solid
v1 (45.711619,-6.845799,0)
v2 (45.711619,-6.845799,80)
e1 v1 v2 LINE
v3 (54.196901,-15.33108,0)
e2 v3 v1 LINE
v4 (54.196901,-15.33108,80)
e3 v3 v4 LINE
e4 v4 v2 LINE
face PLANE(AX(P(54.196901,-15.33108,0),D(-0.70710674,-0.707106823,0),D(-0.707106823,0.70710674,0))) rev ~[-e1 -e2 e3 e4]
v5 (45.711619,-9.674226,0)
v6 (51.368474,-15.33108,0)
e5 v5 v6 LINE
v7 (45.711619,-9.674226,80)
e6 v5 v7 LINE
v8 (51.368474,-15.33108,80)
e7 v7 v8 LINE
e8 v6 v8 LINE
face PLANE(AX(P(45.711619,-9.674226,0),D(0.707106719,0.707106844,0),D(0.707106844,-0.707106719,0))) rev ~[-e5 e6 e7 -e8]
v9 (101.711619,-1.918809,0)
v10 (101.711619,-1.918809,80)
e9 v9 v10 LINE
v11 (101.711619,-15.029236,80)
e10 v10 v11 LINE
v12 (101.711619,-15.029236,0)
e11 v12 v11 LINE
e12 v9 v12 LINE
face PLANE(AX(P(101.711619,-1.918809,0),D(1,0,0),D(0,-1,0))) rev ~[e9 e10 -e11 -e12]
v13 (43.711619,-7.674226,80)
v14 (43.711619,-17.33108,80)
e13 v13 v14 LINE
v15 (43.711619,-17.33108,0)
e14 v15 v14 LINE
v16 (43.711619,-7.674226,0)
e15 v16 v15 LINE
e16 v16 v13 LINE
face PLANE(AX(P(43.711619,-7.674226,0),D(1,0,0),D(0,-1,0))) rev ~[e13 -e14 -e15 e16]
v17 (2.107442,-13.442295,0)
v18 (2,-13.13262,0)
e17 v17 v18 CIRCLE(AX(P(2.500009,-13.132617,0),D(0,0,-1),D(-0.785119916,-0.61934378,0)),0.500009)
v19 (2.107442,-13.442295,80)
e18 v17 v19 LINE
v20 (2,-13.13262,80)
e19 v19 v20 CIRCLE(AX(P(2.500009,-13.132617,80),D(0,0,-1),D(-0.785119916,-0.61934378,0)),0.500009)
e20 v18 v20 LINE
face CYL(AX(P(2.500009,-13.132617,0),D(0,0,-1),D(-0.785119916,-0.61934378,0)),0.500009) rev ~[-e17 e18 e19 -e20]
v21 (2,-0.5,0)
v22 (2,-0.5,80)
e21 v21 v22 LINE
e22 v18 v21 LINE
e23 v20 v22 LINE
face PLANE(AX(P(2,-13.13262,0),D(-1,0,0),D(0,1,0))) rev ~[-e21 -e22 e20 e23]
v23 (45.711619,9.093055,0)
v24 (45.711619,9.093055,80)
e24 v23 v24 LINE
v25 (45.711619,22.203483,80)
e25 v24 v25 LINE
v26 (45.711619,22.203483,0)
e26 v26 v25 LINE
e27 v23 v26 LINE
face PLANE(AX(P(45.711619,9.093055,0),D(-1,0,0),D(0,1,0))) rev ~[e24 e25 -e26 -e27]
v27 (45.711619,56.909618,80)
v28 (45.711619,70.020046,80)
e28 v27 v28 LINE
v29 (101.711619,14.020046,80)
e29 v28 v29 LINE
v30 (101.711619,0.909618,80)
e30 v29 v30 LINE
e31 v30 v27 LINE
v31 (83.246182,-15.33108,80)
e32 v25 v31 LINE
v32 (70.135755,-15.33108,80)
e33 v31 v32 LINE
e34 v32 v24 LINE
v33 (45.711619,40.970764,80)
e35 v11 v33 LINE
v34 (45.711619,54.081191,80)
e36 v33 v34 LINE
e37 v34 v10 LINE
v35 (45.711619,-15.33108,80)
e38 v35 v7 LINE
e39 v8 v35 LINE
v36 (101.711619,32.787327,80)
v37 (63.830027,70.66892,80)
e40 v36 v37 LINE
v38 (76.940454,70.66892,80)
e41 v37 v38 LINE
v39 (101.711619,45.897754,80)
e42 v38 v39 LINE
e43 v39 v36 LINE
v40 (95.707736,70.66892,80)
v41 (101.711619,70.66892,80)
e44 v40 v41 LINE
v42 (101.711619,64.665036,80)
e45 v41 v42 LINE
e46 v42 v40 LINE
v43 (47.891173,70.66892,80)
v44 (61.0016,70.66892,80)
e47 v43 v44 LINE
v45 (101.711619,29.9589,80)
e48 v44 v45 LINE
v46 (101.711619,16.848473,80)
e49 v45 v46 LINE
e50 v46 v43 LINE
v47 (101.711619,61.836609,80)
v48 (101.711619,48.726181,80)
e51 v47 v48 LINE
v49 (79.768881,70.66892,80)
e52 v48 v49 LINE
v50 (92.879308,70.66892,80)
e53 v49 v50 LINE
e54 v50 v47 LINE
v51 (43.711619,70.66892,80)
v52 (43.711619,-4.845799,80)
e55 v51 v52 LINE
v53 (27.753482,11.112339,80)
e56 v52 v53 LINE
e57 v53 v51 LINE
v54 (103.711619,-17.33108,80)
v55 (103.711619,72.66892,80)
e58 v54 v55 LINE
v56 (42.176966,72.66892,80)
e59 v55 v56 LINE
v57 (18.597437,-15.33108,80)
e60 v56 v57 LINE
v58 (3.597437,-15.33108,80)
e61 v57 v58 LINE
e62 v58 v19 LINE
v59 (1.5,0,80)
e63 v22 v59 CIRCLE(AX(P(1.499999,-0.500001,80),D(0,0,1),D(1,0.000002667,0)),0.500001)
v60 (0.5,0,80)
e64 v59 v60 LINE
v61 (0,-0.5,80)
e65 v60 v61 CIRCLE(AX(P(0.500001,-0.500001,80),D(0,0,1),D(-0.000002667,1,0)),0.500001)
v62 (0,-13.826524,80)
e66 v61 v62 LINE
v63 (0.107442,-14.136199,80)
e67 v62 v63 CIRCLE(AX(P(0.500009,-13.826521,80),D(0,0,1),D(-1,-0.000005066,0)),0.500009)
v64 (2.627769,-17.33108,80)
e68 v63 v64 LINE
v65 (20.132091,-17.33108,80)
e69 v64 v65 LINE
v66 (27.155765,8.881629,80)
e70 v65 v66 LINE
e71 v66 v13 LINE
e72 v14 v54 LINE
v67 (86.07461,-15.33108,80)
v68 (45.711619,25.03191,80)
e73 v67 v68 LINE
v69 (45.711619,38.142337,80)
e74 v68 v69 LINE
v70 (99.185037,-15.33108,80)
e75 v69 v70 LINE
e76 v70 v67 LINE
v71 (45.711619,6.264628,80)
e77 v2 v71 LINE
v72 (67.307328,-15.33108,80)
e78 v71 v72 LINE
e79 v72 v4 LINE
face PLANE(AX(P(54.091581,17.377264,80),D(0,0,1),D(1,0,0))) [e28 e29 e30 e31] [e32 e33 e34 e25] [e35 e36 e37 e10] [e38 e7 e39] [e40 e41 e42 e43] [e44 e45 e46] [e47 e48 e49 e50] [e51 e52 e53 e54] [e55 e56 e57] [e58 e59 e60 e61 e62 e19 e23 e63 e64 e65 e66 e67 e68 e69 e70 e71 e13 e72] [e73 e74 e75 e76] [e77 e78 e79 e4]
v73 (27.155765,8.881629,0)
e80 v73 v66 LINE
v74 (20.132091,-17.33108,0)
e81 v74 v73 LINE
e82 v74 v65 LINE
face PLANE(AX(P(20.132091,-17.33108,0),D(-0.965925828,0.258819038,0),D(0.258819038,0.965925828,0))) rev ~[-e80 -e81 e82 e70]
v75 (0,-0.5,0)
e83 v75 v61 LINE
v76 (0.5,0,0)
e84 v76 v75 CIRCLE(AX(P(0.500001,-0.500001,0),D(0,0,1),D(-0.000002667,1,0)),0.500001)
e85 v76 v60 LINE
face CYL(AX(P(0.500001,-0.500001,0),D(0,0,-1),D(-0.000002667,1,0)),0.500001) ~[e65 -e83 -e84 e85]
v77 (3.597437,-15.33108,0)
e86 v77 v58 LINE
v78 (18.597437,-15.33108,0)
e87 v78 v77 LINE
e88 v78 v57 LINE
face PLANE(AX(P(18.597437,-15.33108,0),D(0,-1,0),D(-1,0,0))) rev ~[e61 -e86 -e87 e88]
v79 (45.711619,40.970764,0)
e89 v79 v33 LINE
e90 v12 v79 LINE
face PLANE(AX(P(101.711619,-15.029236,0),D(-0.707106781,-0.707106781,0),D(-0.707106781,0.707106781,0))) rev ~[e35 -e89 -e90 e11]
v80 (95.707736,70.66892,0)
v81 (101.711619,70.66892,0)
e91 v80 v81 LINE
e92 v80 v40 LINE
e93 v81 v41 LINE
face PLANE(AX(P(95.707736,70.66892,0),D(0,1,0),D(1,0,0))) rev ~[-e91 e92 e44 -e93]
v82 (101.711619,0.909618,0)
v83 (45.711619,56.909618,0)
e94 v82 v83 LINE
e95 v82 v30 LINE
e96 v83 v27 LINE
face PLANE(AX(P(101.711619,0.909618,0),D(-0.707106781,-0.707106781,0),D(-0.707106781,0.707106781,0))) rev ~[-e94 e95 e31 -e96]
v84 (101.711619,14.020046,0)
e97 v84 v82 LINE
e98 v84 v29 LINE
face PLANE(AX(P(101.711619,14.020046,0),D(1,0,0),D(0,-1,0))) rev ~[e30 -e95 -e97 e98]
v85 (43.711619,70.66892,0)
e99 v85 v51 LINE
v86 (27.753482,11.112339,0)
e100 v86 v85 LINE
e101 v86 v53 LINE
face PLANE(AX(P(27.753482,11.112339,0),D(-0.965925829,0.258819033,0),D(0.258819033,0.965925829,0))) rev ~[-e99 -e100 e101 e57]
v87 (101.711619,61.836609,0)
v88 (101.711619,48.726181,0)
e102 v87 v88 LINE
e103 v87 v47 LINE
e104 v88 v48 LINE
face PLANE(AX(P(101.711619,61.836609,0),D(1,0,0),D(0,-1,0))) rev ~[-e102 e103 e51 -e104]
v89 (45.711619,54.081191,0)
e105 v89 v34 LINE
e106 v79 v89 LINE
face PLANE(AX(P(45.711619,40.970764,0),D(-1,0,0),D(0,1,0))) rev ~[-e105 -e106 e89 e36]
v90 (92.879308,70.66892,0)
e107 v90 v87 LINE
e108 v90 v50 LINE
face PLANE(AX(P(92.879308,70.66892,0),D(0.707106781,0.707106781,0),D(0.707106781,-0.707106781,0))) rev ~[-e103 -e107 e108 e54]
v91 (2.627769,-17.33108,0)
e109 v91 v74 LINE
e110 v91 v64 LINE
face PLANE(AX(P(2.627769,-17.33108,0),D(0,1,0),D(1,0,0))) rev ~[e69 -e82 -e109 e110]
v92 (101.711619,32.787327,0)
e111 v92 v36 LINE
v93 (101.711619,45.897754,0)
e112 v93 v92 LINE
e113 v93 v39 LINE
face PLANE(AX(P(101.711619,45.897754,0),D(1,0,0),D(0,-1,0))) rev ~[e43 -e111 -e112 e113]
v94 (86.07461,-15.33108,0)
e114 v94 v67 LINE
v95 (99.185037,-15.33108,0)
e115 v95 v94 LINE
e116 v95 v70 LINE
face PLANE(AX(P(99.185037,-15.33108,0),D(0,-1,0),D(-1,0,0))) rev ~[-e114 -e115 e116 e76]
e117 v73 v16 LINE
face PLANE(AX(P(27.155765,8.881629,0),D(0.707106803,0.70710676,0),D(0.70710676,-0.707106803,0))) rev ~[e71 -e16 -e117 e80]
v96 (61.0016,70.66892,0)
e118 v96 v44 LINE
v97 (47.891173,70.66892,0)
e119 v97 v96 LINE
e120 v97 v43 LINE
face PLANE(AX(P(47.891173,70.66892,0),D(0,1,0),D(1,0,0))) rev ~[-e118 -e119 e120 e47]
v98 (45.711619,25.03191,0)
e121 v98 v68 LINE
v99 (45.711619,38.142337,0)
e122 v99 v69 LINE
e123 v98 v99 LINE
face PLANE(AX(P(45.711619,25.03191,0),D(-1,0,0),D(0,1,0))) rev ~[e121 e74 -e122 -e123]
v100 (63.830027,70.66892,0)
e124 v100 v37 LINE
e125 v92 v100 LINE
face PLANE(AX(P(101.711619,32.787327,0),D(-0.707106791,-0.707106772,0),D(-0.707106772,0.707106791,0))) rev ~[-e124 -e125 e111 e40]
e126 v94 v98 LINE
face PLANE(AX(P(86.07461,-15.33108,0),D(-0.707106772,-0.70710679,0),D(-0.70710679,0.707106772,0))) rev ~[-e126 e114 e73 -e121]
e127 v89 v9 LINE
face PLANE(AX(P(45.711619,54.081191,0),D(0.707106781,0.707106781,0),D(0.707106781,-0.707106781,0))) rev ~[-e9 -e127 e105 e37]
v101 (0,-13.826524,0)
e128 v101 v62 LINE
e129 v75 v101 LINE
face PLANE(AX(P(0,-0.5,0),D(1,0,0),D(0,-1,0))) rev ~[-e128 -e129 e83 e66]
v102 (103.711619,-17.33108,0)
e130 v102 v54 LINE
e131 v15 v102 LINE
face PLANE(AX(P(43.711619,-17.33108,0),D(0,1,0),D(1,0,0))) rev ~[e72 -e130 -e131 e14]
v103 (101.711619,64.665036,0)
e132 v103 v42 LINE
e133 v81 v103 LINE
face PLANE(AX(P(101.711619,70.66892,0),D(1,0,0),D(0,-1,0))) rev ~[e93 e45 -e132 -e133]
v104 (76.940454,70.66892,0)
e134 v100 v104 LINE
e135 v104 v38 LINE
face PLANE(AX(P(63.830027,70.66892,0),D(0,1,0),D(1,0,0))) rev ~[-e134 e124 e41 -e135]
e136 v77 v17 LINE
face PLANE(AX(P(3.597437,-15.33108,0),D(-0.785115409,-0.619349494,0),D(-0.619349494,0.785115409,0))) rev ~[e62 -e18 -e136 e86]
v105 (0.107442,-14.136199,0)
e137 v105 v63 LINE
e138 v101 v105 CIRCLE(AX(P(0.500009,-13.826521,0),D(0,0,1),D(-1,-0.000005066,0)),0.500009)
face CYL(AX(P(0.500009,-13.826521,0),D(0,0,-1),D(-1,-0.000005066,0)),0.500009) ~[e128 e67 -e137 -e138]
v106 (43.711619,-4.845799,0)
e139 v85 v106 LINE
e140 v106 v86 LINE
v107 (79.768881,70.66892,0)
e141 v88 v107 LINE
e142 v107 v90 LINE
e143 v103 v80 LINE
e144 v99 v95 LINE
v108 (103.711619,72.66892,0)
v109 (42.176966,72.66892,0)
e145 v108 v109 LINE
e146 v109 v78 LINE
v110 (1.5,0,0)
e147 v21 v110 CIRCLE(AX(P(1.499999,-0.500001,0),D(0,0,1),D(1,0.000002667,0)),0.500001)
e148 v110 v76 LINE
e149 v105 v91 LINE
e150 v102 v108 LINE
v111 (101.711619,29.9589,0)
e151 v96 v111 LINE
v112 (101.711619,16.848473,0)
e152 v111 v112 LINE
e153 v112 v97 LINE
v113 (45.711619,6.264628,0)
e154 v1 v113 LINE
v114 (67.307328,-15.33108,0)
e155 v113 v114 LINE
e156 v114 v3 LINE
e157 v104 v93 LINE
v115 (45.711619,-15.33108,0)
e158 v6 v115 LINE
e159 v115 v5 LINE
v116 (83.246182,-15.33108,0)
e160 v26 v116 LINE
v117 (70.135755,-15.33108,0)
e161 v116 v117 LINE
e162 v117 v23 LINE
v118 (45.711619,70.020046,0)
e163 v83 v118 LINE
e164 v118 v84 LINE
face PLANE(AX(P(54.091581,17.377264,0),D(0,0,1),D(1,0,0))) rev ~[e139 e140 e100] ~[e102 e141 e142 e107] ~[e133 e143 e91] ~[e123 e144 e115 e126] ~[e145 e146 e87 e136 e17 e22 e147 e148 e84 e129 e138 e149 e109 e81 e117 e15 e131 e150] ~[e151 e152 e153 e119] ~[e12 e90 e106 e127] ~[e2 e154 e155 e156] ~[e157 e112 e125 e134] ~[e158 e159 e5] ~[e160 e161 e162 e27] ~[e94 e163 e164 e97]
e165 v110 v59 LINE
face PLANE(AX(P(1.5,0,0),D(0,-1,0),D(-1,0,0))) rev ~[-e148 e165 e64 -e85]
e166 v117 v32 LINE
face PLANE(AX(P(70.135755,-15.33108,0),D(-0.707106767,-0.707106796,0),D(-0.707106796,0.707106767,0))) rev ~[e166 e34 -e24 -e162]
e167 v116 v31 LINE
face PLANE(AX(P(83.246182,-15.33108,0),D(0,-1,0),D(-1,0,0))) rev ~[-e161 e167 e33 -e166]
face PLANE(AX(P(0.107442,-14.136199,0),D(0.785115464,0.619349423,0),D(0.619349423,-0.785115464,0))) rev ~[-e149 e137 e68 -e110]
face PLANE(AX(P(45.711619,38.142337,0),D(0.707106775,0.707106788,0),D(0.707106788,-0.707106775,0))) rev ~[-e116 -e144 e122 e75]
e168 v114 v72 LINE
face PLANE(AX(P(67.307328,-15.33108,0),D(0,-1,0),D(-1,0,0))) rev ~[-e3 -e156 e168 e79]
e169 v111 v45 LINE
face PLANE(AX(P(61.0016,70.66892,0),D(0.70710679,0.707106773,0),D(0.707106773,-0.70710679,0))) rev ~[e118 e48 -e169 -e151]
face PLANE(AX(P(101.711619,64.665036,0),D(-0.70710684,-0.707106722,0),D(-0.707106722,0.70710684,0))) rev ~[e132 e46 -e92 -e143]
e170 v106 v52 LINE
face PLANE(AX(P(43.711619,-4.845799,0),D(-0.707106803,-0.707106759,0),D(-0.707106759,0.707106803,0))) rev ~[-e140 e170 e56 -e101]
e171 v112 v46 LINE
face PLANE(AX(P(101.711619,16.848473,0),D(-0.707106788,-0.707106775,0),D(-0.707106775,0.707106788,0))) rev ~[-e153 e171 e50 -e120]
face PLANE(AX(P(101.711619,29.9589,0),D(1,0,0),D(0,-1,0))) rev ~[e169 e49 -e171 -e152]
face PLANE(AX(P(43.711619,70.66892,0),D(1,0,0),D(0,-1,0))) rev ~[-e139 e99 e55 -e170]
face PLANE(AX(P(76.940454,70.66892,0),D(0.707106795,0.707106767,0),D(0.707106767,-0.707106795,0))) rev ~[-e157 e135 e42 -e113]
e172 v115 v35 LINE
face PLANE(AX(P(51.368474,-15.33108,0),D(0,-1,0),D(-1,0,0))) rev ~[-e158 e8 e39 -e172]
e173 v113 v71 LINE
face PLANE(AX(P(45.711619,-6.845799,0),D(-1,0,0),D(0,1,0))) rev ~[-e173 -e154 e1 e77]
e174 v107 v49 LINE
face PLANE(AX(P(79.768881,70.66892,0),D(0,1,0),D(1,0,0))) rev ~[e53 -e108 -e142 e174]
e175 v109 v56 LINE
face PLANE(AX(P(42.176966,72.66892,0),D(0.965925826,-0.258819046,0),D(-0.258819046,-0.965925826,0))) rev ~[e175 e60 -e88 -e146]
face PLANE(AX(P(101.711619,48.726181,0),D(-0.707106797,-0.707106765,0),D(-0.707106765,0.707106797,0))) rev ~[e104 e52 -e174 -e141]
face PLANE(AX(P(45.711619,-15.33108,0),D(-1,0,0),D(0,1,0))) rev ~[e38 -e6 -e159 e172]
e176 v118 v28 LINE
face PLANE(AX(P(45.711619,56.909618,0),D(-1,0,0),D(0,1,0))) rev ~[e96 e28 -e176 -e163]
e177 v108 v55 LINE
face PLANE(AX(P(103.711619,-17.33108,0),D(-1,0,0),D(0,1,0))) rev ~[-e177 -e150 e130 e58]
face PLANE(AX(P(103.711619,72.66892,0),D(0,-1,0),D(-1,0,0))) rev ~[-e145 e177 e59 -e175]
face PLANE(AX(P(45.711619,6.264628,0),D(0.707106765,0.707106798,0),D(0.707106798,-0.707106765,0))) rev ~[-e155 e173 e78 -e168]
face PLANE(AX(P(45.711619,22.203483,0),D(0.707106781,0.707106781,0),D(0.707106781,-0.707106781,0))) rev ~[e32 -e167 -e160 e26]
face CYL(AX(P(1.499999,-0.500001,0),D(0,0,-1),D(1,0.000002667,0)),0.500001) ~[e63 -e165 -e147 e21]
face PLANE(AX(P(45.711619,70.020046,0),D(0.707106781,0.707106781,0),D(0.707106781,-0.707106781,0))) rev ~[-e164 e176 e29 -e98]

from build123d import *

# Parameters (mm, degrees)
F1_DEPTH = 80


with BuildPart() as f1:
    # F0 (on Top) → F1 (new body)
    with BuildSketch(Plane.XY):
        with BuildLine():
            ThreePointArc((0.5, 0), (0.146447, -0.146447), (0, -0.5))
            Line((0, -0.5), (0, -13.826524))
            ThreePointArc((0, -13.826524), (0.027624, -13.990416), (0.107442, -14.136199))
            Line((0.107442, -14.136199), (2.627769, -17.33108))
            Line((2.627769, -17.33108), (20.132091, -17.33108))
            Line((20.132091, -17.33108), (27.155765, 8.881629))
            Line((27.155765, 8.881629), (43.711619, -7.674226))
            Line((43.711619, -7.674226), (43.711619, -17.33108))
            Line((43.711619, -17.33108), (103.711619, -17.33108))
            Line((103.711619, -17.33108), (103.711619, 72.66892))
            Line((103.711619, 72.66892), (42.176966, 72.66892))
            Line((42.176966, 72.66892), (18.597437, -15.33108))
            Line((18.597437, -15.33108), (3.597437, -15.33108))
            Line((3.597437, -15.33108), (2.107442, -13.442295))
            ThreePointArc((2.107442, -13.442295), (2.027624, -13.296512), (2, -13.13262))
            Line((2, -13.13262), (2, -0.5))
            ThreePointArc((2, -0.5), (1.853553, -0.146447), (1.5, 0))
            Line((1.5, 0), (0.5, 0))
        make_face()
        Polygon((51.368474, -15.33108), (45.711619, -15.33108), (45.711619, -9.674226), align=None, mode=Mode.SUBTRACT)
        Polygon((45.711619, 6.264628), (67.307328, -15.33108), (54.196901, -15.33108), (45.711619, -6.845799), align=None, mode=Mode.SUBTRACT)
        Polygon((45.711619, 22.203483), (83.246182, -15.33108), (70.135755, -15.33108), (45.711619, 9.093055), align=None, mode=Mode.SUBTRACT)
        Polygon((86.07461, -15.33108), (45.711619, 25.03191), (45.711619, 38.142337), (99.185037, -15.33108), align=None, mode=Mode.SUBTRACT)
        Polygon((101.711619, -15.029236), (45.711619, 40.970764), (45.711619, 54.081191), (101.711619, -1.918809), align=None, mode=Mode.SUBTRACT)
        Polygon((27.753482, 11.112339), (43.711619, 70.66892), (43.711619, -4.845799), align=None, mode=Mode.SUBTRACT)
        Polygon((45.711619, 56.909618), (45.711619, 70.020046), (101.711619, 14.020046), (101.711619, 0.909618), align=None, mode=Mode.SUBTRACT)
        Polygon((101.711619, 16.848473), (47.891173, 70.66892), (61.0016, 70.66892), (101.711619, 29.9589), align=None, mode=Mode.SUBTRACT)
        Polygon((101.711619, 32.787327), (63.830027, 70.66892), (76.940454, 70.66892), (101.711619, 45.897754), align=None, mode=Mode.SUBTRACT)
        Polygon((101.711619, 48.726181), (79.768881, 70.66892), (92.879308, 70.66892), (101.711619, 61.836609), align=None, mode=Mode.SUBTRACT)
        Polygon((95.707736, 70.66892), (101.711619, 70.66892), (101.711619, 64.665036), align=None, mode=Mode.SUBTRACT)
    extrude(amount=F1_DEPTH)


solid = f1.part
